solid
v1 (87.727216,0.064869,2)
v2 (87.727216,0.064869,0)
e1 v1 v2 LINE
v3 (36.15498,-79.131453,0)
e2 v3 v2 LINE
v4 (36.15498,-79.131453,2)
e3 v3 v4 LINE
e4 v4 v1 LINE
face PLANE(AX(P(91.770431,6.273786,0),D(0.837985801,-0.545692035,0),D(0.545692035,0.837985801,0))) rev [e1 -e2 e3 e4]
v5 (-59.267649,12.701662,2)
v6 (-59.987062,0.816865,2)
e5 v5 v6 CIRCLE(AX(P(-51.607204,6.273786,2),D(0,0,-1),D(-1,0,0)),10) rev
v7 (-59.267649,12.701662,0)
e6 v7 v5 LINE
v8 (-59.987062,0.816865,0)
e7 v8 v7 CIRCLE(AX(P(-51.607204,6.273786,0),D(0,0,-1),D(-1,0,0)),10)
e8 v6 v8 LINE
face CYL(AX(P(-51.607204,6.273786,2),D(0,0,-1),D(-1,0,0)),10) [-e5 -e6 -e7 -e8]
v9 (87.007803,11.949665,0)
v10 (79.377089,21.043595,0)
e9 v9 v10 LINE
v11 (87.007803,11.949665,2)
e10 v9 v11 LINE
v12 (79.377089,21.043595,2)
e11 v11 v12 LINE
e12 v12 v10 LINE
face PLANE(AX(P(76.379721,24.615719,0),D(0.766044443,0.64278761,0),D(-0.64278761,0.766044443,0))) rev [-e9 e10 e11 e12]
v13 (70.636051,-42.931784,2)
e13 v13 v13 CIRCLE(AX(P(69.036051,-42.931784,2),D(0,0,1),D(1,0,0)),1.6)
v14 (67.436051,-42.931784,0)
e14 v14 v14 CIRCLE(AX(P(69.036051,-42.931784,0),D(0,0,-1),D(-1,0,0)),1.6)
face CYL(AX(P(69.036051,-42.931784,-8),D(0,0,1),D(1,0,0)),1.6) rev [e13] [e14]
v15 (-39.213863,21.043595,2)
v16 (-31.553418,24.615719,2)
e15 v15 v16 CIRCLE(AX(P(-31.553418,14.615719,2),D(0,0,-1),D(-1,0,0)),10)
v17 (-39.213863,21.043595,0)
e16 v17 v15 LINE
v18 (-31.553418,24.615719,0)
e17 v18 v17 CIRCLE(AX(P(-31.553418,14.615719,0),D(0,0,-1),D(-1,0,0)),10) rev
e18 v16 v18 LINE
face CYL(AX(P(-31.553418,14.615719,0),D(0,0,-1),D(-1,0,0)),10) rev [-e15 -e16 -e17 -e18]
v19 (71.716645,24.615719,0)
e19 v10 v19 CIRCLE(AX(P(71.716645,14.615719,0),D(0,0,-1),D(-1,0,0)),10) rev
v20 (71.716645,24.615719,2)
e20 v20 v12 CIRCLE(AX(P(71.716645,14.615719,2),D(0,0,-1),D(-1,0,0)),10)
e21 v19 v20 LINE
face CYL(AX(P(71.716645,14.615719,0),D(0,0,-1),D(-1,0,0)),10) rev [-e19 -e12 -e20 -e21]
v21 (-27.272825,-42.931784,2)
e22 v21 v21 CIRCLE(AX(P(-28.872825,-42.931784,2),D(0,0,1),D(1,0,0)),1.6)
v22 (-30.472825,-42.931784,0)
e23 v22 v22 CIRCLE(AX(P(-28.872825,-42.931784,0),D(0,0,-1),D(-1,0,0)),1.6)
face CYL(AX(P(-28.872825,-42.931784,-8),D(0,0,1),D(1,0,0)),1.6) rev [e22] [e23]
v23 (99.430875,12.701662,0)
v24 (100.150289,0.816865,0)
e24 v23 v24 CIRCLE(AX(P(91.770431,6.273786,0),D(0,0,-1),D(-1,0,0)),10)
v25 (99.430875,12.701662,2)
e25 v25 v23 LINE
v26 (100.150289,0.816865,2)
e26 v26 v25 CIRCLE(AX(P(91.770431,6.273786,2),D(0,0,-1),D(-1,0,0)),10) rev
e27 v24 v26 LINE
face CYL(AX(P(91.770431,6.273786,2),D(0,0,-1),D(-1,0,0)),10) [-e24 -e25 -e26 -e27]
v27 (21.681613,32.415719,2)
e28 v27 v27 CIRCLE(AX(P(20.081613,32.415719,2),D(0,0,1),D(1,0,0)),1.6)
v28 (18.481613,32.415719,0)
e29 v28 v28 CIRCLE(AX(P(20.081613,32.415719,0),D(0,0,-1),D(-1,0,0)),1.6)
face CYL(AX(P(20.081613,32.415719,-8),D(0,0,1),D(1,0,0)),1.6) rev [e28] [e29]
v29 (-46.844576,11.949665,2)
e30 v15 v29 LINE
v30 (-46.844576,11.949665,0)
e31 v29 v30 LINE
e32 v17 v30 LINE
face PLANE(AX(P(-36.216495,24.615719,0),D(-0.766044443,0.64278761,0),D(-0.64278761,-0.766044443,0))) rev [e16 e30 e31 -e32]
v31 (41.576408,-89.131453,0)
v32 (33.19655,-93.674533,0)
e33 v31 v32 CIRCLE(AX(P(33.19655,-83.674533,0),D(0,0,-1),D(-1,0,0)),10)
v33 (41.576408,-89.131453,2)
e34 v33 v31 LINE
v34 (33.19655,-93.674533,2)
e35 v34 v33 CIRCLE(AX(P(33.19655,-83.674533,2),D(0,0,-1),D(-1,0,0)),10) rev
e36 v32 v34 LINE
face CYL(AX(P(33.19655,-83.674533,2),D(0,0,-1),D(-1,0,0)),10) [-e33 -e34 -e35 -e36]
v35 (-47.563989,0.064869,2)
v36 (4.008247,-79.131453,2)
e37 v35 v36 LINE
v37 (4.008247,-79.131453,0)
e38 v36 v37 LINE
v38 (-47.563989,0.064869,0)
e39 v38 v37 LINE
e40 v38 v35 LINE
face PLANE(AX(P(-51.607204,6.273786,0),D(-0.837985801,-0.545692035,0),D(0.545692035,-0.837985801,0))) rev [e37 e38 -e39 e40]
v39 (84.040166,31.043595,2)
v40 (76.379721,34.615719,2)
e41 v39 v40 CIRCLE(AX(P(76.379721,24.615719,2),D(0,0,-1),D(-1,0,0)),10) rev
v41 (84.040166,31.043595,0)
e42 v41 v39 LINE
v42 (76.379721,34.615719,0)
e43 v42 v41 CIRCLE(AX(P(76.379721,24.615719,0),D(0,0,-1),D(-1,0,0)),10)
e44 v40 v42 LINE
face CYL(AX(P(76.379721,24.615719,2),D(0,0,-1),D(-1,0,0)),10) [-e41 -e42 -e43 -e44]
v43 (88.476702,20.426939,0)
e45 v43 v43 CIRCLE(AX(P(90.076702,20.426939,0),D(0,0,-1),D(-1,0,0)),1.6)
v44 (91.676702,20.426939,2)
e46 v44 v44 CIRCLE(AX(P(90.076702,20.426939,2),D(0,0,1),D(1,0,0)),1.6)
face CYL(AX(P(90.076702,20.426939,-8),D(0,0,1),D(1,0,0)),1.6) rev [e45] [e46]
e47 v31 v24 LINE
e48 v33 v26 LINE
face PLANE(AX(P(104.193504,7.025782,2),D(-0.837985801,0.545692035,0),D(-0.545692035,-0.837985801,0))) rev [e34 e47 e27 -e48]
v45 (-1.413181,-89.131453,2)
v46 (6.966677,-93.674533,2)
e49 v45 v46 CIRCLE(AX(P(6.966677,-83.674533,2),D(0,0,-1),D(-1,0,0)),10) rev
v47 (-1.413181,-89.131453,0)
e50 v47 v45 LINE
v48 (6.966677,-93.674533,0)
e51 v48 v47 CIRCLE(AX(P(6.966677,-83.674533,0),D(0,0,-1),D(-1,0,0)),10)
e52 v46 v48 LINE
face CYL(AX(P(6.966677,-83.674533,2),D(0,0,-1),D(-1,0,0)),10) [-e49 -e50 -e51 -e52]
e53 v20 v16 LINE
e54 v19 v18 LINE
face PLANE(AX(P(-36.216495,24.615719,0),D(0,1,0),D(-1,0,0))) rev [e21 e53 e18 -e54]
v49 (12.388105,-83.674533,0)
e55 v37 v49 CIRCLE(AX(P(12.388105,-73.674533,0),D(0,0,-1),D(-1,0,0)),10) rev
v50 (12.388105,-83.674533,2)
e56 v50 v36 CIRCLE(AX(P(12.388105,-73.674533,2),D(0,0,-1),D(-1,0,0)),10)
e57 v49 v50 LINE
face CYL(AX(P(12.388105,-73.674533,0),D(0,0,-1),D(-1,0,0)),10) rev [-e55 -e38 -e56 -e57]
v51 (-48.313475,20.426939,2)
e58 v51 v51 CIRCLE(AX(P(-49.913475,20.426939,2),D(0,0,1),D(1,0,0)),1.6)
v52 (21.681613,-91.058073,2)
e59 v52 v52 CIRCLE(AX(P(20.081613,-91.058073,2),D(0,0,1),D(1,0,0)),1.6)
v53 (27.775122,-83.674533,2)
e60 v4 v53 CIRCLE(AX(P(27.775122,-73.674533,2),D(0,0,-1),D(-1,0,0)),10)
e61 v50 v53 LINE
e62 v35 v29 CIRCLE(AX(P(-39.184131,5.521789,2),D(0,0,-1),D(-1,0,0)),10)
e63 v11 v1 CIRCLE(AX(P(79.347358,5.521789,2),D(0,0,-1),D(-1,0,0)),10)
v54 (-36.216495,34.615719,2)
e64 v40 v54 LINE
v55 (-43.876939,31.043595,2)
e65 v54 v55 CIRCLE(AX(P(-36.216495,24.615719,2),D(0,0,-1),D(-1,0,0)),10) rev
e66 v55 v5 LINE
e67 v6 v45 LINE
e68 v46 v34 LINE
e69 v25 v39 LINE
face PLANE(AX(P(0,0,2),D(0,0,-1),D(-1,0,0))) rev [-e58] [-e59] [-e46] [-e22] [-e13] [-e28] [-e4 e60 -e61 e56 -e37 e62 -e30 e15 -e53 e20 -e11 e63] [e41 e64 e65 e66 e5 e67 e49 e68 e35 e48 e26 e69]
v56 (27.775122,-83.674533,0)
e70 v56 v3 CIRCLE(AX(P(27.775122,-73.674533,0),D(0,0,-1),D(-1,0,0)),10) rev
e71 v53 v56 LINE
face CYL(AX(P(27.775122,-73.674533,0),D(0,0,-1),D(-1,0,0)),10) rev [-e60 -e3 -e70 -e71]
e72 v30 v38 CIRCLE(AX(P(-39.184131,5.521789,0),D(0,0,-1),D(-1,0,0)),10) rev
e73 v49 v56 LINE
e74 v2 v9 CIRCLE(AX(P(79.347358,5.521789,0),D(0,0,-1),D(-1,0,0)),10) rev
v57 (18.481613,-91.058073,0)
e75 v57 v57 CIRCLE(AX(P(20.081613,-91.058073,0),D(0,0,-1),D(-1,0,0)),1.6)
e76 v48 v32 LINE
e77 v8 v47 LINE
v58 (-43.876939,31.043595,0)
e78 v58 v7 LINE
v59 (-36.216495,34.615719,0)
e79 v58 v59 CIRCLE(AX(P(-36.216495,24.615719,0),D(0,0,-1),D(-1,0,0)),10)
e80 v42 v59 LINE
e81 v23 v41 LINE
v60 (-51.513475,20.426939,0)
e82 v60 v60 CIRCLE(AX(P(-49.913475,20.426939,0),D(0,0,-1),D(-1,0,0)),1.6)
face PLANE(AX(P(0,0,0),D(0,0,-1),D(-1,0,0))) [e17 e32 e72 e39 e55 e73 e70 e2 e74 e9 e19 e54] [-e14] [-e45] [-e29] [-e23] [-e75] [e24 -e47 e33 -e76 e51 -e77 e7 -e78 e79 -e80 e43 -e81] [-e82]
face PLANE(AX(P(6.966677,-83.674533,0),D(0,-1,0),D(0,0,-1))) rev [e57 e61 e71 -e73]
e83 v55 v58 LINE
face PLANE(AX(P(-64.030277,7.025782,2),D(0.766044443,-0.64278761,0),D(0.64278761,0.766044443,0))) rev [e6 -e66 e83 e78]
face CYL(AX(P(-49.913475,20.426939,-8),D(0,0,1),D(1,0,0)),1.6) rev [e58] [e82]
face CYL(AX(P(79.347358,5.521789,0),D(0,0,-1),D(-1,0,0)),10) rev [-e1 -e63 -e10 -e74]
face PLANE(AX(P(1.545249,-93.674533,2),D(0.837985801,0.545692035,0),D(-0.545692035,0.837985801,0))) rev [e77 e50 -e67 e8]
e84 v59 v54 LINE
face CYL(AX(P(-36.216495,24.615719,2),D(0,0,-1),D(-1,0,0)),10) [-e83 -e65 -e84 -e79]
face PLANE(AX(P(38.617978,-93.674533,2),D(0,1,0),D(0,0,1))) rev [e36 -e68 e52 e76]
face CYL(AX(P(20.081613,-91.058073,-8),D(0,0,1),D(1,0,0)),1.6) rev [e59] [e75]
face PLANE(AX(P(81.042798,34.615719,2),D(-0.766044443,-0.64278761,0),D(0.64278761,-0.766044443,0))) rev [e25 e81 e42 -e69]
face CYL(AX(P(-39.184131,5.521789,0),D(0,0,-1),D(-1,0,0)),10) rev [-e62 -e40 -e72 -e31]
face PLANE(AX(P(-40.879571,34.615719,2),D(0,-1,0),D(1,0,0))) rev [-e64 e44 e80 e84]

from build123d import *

# Parameters (mm, degrees)
BOSS_EXTRU_1_DEPTH      = 2
CONG_1_R                = 10
ENL_V_MAT_EXTRU_1_DEPTH = 2
CONG_2_R                = 10
ESQUISSE3_R             = 1.6
ENL_V_MAT_EXTRU_2_DEPTH = 10


with BuildPart() as part:
    # Esquisse1 → Boss.-Extru.1 (new body)
    with BuildSketch(Plane.XY):
        Polygon((-40.879571388, 34.615718895), (81.042798068, 34.615718895), (104.193503713, 7.025782272), (38.617977526, -93.674532757), (1.545249154, -93.674532757), (-64.030277033, 7.025782272), align=None)
    extrude(amount=BOSS_EXTRU_1_DEPTH)

    # Congé1
    cong_1_edges = [part.edges().sort_by_distance(p)[0] for p in [
        (-40.879571388, 34.615718895, 1),
        (81.042798068, 34.615718895, 1),
        (104.193503713, 7.025782272, 1),
        (38.617977526, -93.674532757, 1),
        (1.545249154, -93.674532757, 1),
        (-64.030277033, 7.025782272, 1),
    ]]
    fillet(cong_1_edges, radius=CONG_1_R)

    # Esquisse2 → Enlèv. mat.-Extru.1 (cut)
    with BuildSketch(Plane.XY.offset(2)):
        Polygon((-36.216494806, 24.615718895), (-51.607204261, 6.27378561), (6.96667711, -83.674532757), (33.19654957, -83.674532757), (91.770430941, 6.27378561), (76.379721487, 24.615718895), align=None)
    extrude(amount=-ENL_V_MAT_EXTRU_1_DEPTH, mode=Mode.SUBTRACT)

    # Congé2
    cong_2_edges = [part.edges().sort_by_distance(p)[0] for p in [
        (-36.216494806, 24.615718895, 1),
        (76.379721487, 24.615718895, 1),
        (91.770430941, 6.27378561, 1),
        (33.19654957, -83.674532757, 1),
        (6.96667711, -83.674532757, 1),
        (-51.607204261, 6.27378561, 1),
    ]]
    fillet(cong_2_edges, radius=CONG_2_R)

    # Esquisse3 → Enlèv. mat.-Extru.2 (cut)
    with BuildSketch(Plane.XY.offset(2)):
        with Locations((20.08161334, -91.058073416)):
            Circle(ESQUISSE3_R)
        with Locations((-28.872824595, -42.931783887)):
            Circle(ESQUISSE3_R)
        with Locations((20.08161334, 32.415718895)):
            Circle(ESQUISSE3_R)
        with Locations((90.076701777, 20.426939275)):
            Circle(ESQUISSE3_R)
        with Locations((69.036051275, -42.931783887)):
            Circle(ESQUISSE3_R)
        with Locations((-49.913475097, 20.426939275)):
            Circle(ESQUISSE3_R)
    extrude(amount=-ENL_V_MAT_EXTRU_2_DEPTH, mode=Mode.SUBTRACT)


solid = part.part
